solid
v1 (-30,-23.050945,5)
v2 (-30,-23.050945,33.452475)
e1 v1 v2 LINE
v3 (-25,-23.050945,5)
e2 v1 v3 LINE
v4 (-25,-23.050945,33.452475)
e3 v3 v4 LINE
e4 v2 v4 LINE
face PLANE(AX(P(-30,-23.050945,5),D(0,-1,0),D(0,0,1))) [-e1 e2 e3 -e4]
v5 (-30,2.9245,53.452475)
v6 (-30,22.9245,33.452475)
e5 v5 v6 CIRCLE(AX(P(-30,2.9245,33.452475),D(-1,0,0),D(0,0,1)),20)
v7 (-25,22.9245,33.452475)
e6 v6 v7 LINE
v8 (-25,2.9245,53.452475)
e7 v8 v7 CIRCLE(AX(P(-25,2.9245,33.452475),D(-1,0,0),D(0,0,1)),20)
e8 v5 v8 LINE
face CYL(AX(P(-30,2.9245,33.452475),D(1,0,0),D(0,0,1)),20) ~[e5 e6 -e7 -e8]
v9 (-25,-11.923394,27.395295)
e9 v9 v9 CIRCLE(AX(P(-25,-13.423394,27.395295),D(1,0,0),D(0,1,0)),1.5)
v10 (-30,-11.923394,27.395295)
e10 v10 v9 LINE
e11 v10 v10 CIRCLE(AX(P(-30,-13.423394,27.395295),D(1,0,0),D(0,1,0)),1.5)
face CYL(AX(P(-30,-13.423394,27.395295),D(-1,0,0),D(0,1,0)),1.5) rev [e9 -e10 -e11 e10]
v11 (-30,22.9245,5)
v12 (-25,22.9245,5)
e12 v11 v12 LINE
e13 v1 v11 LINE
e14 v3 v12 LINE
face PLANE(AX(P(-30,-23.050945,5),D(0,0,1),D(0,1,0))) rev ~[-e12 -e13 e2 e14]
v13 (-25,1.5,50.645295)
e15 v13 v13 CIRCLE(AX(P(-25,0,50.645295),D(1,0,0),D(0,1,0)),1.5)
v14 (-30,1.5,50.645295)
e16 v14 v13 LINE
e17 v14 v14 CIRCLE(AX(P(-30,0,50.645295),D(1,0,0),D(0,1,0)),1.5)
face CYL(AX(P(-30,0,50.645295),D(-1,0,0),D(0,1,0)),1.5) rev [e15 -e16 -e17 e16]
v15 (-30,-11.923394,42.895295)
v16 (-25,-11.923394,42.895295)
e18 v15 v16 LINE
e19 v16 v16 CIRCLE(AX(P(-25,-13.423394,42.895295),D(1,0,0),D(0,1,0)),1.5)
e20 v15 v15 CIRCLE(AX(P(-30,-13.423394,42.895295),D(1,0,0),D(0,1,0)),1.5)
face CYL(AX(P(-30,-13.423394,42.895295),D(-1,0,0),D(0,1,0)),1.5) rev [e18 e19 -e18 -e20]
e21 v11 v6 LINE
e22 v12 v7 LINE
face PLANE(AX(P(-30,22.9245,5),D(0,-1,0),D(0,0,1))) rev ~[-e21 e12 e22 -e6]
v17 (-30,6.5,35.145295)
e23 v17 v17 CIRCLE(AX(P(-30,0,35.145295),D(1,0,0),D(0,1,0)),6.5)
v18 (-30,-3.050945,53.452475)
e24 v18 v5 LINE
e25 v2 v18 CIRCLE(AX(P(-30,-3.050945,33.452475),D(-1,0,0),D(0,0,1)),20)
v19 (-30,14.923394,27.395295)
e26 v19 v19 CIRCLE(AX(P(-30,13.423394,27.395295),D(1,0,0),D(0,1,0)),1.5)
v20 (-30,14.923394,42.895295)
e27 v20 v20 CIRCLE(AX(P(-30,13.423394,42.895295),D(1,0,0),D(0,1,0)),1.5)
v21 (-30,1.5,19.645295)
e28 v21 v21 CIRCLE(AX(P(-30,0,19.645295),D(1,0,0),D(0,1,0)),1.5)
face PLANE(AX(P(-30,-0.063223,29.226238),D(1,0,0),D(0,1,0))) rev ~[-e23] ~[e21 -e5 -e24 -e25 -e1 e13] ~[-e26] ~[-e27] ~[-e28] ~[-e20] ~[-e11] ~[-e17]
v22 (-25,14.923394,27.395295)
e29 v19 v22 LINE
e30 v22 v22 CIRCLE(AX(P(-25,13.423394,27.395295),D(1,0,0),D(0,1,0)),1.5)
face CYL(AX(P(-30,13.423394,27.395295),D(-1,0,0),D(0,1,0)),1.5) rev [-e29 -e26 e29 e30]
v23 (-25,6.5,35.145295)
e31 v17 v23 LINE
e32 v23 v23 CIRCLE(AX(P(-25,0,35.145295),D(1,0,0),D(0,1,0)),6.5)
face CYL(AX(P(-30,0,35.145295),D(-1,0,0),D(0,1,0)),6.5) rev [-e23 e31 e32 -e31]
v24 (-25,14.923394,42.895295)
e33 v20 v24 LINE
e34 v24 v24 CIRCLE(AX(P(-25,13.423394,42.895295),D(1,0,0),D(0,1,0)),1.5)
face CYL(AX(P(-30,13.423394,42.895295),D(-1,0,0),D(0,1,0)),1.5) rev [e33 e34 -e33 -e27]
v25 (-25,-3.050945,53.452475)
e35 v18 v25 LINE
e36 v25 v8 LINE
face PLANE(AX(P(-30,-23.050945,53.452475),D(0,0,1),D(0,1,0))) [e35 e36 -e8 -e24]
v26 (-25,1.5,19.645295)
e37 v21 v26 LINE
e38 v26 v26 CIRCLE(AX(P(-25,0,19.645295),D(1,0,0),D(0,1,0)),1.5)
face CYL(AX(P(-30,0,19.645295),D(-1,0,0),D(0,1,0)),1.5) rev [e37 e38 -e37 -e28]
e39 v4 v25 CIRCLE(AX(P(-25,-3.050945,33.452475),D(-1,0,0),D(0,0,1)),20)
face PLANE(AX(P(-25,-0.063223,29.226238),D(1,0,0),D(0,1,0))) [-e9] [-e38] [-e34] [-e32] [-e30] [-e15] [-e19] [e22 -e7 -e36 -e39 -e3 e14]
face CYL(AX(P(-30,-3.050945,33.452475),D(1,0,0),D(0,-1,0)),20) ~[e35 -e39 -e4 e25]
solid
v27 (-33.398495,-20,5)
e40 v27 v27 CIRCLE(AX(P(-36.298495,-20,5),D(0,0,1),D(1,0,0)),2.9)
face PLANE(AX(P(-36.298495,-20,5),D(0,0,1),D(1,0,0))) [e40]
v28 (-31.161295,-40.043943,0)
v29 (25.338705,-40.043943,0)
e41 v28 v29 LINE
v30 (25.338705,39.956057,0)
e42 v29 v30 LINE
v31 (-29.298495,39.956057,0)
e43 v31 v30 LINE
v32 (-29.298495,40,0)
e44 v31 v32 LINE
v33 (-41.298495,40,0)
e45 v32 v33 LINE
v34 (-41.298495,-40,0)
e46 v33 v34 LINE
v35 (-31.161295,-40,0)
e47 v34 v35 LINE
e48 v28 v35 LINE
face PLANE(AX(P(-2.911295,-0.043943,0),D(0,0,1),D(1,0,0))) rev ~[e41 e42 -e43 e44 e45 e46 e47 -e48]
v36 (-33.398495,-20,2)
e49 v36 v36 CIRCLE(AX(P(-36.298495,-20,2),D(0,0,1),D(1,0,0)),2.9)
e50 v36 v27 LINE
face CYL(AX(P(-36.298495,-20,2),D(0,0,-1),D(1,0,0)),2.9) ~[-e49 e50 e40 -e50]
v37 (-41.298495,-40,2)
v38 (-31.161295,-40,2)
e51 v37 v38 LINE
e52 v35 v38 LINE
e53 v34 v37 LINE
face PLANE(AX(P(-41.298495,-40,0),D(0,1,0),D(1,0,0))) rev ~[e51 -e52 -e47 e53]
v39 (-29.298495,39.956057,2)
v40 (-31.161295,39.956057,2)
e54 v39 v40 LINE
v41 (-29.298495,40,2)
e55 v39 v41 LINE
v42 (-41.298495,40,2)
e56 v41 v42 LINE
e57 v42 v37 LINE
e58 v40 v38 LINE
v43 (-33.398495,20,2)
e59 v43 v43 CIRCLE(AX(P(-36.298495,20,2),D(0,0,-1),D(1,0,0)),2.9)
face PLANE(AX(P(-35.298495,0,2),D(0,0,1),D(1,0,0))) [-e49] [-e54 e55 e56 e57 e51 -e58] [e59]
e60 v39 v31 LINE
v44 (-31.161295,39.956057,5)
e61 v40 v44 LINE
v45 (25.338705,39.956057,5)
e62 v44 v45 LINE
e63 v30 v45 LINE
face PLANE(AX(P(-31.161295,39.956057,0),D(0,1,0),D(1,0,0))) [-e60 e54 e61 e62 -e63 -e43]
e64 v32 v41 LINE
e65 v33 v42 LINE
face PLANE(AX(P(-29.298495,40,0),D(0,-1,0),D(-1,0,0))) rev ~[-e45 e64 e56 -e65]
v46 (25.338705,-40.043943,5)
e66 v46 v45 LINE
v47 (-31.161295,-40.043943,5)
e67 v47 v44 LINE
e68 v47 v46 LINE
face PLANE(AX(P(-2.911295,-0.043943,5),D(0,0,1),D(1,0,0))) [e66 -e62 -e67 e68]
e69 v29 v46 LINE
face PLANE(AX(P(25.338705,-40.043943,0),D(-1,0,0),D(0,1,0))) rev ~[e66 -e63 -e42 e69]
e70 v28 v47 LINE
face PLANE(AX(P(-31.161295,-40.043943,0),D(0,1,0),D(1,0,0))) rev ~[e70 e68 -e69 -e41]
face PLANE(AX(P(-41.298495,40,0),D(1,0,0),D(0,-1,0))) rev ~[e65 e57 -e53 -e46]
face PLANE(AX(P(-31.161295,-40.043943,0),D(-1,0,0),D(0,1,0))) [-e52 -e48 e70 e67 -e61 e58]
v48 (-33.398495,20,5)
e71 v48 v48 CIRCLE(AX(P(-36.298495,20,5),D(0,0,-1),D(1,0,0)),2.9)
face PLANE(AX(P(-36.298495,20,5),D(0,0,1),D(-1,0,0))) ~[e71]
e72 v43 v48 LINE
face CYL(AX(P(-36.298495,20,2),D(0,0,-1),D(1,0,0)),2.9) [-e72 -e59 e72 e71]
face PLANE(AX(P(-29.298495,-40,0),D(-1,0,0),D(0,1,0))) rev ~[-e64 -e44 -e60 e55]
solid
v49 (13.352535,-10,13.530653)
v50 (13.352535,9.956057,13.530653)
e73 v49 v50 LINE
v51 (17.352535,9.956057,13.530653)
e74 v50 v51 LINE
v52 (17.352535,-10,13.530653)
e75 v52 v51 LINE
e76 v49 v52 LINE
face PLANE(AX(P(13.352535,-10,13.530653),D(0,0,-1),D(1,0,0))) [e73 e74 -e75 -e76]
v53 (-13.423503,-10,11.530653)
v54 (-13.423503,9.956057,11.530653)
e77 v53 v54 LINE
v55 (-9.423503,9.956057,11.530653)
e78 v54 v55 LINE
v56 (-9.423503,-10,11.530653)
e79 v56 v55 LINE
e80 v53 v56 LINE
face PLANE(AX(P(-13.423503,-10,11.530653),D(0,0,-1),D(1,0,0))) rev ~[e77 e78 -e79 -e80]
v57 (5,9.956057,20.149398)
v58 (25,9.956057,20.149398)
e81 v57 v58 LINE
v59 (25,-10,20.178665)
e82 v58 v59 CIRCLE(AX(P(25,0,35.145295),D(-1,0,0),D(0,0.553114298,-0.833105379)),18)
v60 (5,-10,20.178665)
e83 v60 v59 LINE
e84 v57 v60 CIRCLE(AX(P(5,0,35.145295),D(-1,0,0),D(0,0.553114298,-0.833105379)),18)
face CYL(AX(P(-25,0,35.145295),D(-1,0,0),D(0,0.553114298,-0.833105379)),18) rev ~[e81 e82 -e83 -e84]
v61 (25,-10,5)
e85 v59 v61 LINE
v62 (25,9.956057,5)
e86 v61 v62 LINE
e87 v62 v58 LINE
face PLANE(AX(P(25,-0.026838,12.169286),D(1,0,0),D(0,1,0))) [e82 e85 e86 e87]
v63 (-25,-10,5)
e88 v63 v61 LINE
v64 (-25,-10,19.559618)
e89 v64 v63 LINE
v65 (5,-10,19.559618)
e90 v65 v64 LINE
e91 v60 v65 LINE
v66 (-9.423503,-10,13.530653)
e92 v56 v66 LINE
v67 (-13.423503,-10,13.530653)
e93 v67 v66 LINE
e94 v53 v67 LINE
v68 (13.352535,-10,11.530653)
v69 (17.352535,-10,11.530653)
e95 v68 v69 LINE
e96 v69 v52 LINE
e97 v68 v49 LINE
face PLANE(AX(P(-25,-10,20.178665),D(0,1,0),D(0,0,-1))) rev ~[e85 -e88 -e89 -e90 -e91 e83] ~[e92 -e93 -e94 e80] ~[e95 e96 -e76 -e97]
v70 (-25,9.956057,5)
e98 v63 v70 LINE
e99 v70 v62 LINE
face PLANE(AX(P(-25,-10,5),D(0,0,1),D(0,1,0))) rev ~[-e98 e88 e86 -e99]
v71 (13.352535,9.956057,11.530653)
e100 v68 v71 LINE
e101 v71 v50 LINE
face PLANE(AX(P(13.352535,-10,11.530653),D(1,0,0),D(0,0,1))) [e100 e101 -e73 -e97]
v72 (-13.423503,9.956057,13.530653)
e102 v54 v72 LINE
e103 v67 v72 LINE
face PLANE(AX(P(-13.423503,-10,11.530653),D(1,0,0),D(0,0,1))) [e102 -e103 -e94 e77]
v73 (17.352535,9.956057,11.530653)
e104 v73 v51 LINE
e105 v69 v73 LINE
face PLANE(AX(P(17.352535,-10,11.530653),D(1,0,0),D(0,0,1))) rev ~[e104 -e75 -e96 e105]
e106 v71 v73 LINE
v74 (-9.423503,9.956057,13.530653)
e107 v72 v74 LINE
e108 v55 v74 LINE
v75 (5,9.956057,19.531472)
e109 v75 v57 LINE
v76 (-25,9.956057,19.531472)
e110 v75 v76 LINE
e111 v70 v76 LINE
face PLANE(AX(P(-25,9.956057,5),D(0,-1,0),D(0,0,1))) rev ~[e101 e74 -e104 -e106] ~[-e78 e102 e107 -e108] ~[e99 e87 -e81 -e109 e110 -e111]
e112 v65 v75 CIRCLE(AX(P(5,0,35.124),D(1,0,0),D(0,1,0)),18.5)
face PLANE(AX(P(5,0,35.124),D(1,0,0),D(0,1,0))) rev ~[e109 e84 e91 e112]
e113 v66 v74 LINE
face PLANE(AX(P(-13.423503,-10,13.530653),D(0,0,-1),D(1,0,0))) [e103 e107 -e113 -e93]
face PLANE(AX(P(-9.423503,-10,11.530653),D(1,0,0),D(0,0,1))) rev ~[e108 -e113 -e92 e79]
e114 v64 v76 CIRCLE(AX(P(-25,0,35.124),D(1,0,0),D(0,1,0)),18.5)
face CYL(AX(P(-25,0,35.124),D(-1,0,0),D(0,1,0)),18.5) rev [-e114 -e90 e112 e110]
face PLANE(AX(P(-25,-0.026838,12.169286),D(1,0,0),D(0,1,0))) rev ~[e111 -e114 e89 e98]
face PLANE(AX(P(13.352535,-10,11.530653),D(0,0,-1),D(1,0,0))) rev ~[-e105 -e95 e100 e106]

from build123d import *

# Parameters (mm, degrees)
F1_DEPTH  = 2
F2_R      = 2.9
F3_DEPTH  = 3
F5_W      = 56.5
F5_H      = 80
F6_DEPTH  = 5
F8_W      = 45.9754448384
F8_H      = 48.4524751604
F8_R      = 1.5
F8_R_2    = 6.5
F9_DEPTH  = 5
F11_DEPTH = 50
F12_R     = 18.5
F12_R_2   = 17.5
F13_DEPTH = 30
F14_R     = 20
F15_W     = 4
F15_H     = 2
F16_DEPTH = 25


with BuildPart() as f1:
    # F0 (on Top) → F1 (new body)
    with BuildSketch(Plane.XY):
        Polygon((-41.298494786, -40), (-31.298494786, -40), (-29.298494786, -40), (-29.298494786, 40), (-31.298494786, 40), (-41.298494786, 40), align=None)
    extrude(amount=F1_DEPTH)

    # F4: F3 across plane


with BuildPart() as f3:
    # F2 (on face) → F3 (new body)
    with BuildSketch(Plane.XY.offset(2)):
        with Locations((-36.298494786, -20)):
            Circle(F2_R)
    extrude(amount=F3_DEPTH)


with BuildPart() as f1_1:
    add(f1.part)
    add(f3.part.mirror(Plane.XZ))


    add(f3.part)  # F6 merges F3
    # F5 (on Top) → F6 (join)
    with BuildSketch(Plane.XY):
        with Locations((-2.911294505, -0.0439426303)):
            Rectangle(F5_W, F5_H)
    extrude(amount=F6_DEPTH)


with BuildPart() as f9:
    # F8 (on offset) → F9 (new body)
    with BuildSketch(Plane.YZ.offset(-30)):
        with Locations((-0.063222833, 29.2262375802)):
            Rectangle(F8_W, F8_H)
        with Locations((-13.4233937587, 27.3952950446)):
            Circle(F8_R, mode=Mode.SUBTRACT)
        with Locations((0, 19.6452950446)):
            Circle(F8_R, mode=Mode.SUBTRACT)
        with Locations((13.4233937587, 27.3952950446)):
            Circle(F8_R, mode=Mode.SUBTRACT)
        with Locations((-13.4233937587, 42.8952950446)):
            Circle(F8_R, mode=Mode.SUBTRACT)
        with Locations((0, 35.1452950446)):
            Circle(F8_R_2, mode=Mode.SUBTRACT)
        with Locations((0, 50.6452950446)):
            Circle(F8_R, mode=Mode.SUBTRACT)
        with Locations((13.4233937587, 42.8952950446)):
            Circle(F8_R, mode=Mode.SUBTRACT)
    extrude(amount=F9_DEPTH)

    # F14
    f14_edges = [f9.edges().sort_by_distance(p)[0] for p in [
        (-27.5, 22.9245, 53.452475),
        (-27.5, -23.050945, 53.452475),
    ]]
    fillet(f14_edges, radius=F14_R)


with BuildPart() as f11:
    # F10 (on face) → F11 (new body)
    with BuildSketch(Plane.YZ.offset(-25)):
        with BuildLine():
            Line((-10, 20.1786654975), (-10, 5))
            Line((-10, 5), (9.9560573697, 5))
            Line((9.9560573697, 5), (9.9560573697, 20.1493982174))
            ThreePointArc((9.9560573697, 20.1493982174), (-0.0263985248, 17.1453144024), (-10, 20.1786654975))
        make_face()
    extrude(amount=F11_DEPTH)

    # F12 (on face) → F13 (cut)
    with BuildSketch(Plane.YZ.offset(-25)):
        with Locations((0, 35.124)):
            Circle(F12_R)
        with Locations((0, 35.124)):
            Circle(F12_R_2, mode=Mode.SUBTRACT)
    extrude(amount=F13_DEPTH, mode=Mode.SUBTRACT)

    # F15 (on face) → F16 (cut)
    with BuildSketch(Plane.XZ.offset(10)):
        with Locations((-11.4235027209, 12.5306526423)):
            Rectangle(F15_W, F15_H)
        with Locations((15.3525347337, 12.5306526423)):
            Rectangle(F15_W, F15_H)
    extrude(amount=-F16_DEPTH, mode=Mode.SUBTRACT)


solid = Compound([f1_1.part, f9.part, f11.part])
